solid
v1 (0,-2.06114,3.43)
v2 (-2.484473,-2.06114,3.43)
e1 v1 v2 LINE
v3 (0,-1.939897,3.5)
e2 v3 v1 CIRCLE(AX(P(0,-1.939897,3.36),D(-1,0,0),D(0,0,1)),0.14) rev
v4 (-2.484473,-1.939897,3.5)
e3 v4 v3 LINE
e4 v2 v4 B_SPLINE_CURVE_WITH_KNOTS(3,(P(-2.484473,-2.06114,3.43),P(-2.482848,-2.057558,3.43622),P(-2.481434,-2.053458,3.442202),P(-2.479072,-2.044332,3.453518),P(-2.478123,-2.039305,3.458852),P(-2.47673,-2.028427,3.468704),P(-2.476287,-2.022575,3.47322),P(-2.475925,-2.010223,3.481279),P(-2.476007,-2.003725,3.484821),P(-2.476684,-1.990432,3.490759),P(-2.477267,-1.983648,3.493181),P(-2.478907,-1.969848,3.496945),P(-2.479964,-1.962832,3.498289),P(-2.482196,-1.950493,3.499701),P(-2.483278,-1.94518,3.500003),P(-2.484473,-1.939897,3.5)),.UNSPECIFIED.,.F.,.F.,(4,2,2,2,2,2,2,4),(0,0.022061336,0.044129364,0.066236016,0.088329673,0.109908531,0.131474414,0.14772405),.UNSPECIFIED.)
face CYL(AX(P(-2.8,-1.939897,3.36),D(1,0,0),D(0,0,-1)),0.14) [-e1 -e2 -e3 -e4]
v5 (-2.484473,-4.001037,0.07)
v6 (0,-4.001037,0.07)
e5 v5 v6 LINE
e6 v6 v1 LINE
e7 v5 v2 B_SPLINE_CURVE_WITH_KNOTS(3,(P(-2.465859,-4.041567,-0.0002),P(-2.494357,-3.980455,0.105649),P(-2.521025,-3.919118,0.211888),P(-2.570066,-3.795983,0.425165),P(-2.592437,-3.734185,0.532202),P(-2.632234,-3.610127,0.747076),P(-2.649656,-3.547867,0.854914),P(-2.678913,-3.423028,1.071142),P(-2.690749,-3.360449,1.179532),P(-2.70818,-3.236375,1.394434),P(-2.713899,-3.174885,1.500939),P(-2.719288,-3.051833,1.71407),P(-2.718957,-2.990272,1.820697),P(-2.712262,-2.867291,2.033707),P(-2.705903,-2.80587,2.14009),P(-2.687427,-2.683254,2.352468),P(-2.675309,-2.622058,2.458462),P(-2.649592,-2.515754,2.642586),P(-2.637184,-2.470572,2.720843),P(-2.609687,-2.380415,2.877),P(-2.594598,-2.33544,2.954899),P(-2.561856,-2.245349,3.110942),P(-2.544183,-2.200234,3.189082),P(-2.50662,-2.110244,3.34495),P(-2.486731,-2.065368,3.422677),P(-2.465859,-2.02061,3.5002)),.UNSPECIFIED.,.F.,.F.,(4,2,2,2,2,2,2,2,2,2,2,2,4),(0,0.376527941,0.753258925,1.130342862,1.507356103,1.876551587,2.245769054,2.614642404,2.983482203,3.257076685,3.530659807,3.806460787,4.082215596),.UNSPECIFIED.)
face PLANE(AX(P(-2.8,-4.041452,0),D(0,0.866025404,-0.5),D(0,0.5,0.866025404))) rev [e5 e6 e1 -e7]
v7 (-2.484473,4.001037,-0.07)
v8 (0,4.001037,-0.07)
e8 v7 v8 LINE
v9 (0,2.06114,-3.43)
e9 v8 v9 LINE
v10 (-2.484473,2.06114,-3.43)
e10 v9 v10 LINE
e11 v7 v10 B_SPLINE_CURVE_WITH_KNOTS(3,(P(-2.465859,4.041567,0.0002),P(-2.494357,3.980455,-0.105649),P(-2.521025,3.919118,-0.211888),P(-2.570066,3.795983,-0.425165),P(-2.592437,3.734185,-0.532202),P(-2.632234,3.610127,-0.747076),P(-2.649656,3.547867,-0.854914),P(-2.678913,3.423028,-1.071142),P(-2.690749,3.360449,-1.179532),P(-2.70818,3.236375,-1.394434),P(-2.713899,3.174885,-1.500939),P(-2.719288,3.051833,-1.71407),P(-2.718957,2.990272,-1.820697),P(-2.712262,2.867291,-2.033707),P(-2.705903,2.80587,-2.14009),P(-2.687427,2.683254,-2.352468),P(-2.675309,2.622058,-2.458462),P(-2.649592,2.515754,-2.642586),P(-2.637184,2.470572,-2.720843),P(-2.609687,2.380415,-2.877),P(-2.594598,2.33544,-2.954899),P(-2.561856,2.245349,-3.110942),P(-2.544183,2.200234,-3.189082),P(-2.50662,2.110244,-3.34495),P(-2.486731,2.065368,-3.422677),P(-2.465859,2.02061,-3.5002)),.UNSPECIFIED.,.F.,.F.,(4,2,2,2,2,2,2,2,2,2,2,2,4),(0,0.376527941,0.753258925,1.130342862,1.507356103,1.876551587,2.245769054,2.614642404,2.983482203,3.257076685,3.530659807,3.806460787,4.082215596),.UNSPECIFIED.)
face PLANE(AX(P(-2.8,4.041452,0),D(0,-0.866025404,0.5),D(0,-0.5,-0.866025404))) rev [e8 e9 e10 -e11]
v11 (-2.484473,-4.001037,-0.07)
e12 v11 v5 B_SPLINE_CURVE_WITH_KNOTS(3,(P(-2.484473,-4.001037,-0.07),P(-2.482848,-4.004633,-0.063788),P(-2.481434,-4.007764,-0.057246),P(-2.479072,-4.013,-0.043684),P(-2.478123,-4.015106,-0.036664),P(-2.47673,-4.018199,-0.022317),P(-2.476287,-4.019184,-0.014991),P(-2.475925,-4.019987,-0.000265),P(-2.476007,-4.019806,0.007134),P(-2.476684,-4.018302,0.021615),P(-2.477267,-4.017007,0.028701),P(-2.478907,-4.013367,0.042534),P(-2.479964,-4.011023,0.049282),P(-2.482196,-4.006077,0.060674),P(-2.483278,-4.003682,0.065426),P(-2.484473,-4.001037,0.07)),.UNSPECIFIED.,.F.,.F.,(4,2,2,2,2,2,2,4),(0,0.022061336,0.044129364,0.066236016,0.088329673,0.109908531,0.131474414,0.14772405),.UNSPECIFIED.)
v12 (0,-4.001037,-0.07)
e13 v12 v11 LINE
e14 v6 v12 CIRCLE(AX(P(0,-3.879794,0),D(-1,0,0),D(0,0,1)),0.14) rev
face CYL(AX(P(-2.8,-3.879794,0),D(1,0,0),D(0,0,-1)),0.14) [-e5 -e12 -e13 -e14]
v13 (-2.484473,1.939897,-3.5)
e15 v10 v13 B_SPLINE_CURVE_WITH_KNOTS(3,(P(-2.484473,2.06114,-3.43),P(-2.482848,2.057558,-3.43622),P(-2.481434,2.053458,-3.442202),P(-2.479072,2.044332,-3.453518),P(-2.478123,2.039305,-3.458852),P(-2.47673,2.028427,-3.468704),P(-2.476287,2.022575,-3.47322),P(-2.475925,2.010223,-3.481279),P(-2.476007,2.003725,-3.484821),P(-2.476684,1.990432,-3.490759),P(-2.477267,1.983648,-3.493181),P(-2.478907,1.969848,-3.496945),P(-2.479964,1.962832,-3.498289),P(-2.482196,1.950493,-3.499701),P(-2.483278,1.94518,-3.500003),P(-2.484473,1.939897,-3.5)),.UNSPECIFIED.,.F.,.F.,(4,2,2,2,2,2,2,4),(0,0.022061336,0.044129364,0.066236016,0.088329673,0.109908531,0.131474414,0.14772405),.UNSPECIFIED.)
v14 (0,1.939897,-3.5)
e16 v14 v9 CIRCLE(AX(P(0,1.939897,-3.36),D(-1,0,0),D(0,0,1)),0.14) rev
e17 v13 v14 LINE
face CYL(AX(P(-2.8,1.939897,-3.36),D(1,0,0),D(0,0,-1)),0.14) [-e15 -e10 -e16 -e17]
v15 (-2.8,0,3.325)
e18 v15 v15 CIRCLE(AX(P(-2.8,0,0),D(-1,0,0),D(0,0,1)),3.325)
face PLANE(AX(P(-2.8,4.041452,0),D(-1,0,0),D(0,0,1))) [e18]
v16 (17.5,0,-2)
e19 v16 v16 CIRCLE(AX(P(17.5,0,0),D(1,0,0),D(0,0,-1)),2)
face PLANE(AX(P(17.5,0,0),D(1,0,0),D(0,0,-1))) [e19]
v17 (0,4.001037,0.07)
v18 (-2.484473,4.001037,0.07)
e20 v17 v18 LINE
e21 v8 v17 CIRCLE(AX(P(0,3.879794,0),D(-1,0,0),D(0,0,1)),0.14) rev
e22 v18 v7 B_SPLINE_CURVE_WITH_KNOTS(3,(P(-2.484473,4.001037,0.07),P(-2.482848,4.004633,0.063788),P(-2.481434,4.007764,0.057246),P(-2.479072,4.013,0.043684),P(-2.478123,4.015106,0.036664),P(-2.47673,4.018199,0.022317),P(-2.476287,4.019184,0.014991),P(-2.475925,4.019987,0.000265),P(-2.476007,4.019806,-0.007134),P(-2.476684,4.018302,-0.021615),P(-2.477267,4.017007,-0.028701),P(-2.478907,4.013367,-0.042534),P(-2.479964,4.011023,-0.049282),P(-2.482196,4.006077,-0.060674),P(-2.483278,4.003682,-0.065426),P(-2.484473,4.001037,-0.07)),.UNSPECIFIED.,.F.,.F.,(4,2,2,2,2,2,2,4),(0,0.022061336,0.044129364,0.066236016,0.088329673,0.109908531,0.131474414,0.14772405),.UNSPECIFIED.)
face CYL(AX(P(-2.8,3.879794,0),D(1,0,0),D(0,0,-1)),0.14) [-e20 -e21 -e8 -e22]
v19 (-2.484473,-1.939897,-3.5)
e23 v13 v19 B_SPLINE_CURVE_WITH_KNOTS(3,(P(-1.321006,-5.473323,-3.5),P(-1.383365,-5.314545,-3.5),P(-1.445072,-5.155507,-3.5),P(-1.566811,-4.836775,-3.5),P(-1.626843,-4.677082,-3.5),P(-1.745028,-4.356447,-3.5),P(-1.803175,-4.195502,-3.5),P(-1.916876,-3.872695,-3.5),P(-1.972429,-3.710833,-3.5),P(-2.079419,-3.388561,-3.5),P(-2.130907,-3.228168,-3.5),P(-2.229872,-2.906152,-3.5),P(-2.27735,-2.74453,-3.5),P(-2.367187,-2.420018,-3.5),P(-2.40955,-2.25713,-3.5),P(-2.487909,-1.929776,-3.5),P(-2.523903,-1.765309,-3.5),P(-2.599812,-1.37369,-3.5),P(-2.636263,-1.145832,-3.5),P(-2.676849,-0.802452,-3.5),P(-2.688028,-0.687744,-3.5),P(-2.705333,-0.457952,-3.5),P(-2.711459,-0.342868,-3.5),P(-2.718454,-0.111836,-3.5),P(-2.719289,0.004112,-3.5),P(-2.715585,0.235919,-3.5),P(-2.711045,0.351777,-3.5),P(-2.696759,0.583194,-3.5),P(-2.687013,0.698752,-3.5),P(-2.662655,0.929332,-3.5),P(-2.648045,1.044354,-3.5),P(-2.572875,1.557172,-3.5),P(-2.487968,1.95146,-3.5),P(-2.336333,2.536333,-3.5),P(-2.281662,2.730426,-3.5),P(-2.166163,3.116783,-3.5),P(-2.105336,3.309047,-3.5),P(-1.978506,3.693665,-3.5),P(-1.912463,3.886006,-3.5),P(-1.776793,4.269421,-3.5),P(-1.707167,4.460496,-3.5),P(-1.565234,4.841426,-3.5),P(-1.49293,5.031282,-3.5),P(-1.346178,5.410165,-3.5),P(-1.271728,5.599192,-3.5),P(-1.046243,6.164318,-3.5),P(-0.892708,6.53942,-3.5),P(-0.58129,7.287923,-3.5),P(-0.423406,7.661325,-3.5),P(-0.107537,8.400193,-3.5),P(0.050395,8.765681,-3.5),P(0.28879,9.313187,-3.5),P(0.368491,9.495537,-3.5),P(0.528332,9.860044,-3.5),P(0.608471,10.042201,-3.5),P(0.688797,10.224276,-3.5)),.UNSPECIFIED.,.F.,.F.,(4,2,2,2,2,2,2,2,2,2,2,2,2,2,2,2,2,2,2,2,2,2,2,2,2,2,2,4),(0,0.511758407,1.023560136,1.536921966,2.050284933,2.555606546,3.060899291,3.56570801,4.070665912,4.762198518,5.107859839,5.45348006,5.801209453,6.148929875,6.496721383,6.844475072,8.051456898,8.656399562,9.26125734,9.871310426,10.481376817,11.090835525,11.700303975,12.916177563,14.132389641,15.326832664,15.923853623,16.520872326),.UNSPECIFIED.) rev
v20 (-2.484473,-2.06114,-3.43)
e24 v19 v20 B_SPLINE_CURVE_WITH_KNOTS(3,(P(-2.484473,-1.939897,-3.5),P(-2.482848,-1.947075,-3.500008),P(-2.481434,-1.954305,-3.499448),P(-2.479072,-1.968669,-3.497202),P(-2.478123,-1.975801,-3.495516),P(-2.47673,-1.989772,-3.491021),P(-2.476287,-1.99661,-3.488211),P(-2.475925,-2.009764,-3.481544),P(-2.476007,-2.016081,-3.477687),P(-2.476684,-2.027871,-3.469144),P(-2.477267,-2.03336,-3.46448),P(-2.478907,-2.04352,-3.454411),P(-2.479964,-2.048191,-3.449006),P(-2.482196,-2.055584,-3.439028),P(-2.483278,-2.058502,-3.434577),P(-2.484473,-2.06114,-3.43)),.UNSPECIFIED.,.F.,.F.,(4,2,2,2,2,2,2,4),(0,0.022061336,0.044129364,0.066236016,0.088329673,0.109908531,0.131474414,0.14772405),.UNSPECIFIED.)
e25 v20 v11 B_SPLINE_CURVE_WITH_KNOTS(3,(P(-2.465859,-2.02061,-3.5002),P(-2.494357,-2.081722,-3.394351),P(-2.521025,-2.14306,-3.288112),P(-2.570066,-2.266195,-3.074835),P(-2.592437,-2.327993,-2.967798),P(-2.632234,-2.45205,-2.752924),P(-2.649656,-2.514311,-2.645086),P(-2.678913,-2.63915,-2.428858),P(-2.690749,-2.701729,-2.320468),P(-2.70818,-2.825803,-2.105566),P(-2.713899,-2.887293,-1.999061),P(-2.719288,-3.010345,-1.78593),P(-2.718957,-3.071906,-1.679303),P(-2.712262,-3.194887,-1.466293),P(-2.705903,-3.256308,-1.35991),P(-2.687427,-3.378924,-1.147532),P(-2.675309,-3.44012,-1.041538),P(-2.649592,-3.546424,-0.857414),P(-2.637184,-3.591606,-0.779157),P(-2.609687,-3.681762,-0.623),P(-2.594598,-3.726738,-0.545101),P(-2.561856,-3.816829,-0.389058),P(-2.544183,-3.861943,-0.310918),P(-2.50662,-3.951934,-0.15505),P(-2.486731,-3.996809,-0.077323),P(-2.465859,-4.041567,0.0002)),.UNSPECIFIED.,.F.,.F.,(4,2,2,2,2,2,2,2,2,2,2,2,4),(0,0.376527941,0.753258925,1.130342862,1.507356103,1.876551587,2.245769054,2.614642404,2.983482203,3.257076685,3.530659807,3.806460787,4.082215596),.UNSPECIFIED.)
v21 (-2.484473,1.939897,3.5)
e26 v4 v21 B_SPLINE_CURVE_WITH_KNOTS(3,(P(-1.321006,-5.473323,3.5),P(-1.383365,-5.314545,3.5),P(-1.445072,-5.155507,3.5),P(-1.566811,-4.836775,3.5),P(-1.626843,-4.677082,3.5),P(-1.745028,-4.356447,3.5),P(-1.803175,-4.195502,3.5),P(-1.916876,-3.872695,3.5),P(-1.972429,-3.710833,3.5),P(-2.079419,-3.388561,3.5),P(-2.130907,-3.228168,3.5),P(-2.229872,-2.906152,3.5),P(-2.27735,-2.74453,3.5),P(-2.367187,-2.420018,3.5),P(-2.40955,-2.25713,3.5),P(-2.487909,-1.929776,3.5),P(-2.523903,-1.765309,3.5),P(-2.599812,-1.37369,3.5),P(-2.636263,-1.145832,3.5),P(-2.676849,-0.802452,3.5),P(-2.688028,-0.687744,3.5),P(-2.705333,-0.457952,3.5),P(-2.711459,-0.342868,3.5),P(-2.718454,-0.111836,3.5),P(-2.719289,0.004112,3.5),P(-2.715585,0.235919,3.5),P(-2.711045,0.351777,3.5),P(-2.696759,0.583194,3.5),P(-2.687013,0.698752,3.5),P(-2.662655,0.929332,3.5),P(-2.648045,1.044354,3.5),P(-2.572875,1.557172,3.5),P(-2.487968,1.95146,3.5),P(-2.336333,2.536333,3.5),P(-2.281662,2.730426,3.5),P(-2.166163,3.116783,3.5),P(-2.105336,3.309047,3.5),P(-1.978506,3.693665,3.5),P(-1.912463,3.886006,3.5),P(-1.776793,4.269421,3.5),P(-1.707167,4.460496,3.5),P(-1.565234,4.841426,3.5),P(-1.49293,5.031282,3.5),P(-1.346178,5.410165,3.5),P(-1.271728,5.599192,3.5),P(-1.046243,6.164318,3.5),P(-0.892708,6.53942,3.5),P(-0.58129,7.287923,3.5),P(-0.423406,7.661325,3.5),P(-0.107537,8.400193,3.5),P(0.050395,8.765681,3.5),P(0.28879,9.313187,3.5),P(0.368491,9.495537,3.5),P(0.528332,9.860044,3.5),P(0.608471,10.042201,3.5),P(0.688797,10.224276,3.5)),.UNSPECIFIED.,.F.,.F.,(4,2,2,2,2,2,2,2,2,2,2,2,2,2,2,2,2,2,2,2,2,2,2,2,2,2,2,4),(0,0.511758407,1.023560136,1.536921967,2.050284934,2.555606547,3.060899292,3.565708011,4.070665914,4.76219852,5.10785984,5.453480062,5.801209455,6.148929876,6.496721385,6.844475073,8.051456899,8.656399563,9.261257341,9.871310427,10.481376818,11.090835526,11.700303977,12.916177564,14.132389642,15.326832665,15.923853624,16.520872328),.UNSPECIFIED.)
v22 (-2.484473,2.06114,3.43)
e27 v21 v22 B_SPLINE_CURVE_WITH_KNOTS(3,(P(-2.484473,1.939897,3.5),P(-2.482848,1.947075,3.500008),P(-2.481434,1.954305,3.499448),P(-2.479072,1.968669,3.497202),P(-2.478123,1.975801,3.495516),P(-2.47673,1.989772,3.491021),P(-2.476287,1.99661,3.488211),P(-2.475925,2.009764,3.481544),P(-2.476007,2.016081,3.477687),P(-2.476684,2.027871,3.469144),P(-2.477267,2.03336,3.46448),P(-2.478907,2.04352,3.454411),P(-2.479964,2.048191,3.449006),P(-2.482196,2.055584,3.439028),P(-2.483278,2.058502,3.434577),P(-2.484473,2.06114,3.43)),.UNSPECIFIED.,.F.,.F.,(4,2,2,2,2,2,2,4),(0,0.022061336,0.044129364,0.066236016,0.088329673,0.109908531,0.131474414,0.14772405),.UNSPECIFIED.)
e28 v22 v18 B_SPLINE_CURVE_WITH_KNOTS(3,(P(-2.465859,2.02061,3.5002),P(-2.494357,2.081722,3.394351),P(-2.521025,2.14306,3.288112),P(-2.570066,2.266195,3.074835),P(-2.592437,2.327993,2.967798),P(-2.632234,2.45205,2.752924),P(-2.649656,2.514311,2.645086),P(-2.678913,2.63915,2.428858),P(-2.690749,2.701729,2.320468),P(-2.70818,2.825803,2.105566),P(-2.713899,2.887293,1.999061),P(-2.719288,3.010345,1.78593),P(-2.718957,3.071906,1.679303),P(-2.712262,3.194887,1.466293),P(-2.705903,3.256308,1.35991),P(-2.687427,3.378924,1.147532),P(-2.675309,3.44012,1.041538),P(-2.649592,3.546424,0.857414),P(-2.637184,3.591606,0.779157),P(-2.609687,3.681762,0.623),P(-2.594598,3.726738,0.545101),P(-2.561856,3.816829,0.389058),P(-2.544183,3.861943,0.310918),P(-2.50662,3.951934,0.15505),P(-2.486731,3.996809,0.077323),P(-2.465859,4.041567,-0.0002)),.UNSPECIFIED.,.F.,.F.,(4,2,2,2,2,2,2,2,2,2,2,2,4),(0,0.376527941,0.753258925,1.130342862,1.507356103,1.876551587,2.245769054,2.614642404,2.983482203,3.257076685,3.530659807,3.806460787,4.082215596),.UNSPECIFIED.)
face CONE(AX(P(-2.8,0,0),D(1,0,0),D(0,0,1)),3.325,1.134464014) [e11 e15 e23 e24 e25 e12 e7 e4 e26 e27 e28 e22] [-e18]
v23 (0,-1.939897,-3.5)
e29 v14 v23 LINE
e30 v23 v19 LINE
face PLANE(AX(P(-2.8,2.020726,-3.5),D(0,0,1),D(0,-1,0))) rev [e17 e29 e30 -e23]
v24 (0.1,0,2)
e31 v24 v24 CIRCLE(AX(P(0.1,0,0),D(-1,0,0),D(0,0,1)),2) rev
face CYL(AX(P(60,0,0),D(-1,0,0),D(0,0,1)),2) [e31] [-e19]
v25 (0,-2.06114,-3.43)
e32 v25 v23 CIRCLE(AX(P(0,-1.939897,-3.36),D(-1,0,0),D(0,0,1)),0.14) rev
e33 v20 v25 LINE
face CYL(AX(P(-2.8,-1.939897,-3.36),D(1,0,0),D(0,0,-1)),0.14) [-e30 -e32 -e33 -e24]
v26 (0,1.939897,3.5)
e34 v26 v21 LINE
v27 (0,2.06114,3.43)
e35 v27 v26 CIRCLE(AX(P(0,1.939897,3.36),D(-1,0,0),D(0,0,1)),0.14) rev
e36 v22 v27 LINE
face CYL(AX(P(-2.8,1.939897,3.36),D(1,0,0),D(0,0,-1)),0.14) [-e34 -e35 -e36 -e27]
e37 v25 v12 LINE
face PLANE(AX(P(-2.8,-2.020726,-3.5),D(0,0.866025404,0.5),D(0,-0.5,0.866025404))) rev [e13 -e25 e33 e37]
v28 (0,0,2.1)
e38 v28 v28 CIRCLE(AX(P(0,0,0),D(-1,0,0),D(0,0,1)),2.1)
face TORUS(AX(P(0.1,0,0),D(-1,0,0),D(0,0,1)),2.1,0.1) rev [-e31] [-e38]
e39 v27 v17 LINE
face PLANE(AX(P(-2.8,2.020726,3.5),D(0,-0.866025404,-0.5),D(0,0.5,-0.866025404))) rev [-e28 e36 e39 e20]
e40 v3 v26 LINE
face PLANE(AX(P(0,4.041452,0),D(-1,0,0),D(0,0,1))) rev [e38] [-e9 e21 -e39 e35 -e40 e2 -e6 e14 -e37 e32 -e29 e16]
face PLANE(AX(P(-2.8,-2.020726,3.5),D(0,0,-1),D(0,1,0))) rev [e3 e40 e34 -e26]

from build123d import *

# Parameters (mm, degrees)
SKETCH2_R           = 2
BOSS_EXTRUDE1_DEPTH = 60
BOSS_EXTRUDE2_DEPTH = 2.8
SKETCH5_OUTSIDE_W   = 33.75
SKETCH5_OUTSIDE_H   = 34.832
SKETCH5_OUTSIDE_R   = 3.325
CUT_EXTRUDE1_DEPTH  = 2.8
CUT_EXTRUDE1_DRAFT  = -65
FILLET7_R           = 0.14
CHAMFER1_SIZE       = 0.525
FILLET4_R           = 0.1
CUT_EXTRUDE2_START  = -42.5
SKETCH6_R           = 2
CUT_EXTRUDE2_DEPTH  = 42.5


with BuildPart() as part:
    # Sketch2 → Boss-Extrude1 (new body)
    with BuildSketch(Plane(origin=(0, 0, 0), x_dir=(0, 0, -1), z_dir=(1, 0, 0))):
        Circle(SKETCH2_R)
    extrude(amount=BOSS_EXTRUDE1_DEPTH)

    # Sketch3 → Boss-Extrude2 (add)
    with BuildSketch(Plane.ZY):
        Polygon((0, 4.041451884), (-3.5, 2.020725942), (-3.5, -2.020725942), (0, -4.041451884), (3.5, -2.020725942), (3.5, 2.020725942), align=None)
    extrude(amount=BOSS_EXTRUDE2_DEPTH)


with BuildPart() as cut_extrude1_tool:
    # Sketch5 outside → Cut-Extrude1 (with draft: the straight prism first)
    with BuildSketch(Plane.ZY.offset(2.8)):
        Rectangle(SKETCH5_OUTSIDE_W, SKETCH5_OUTSIDE_H)
        Circle(SKETCH5_OUTSIDE_R, mode=Mode.SUBTRACT)
    extrude(amount=-CUT_EXTRUDE1_DEPTH)
    # Cut-Extrude1: the draft: its side faces are tilted about the plane it starts from
    cut_extrude1_sides = [cut_extrude1_tool.faces().sort_by_distance(p)[0] for p in [
        (-1.4, -17.416, 0),
        (-1.4, 0, 16.875),
        (-1.4, 17.416, 0),
        (-1.4, 0, -16.875),
        (-1.4, 0, -3.325),
    ]]
    draft(cut_extrude1_sides, Plane.ZY.offset(2.8), CUT_EXTRUDE1_DRAFT)


with BuildPart() as part_1:
    add(part.part)

    # Cut-Extrude1: cut by cut_extrude1_tool
    add(cut_extrude1_tool.part, mode=Mode.SUBTRACT)

    # Fillet7
    fillet7_edges = [part_1.edges().sort_by_distance(p)[0] for p in [
        (-1.2329565, -4.041451884, 0),
        (-1.2329565, -2.020725942, -3.5),
        (-1.2329565, 2.020725942, -3.5),
        (-1.2329565, 4.041451884, 0),
        (-1.2329565, -2.020725942, 3.5),
        (-1.2329565, 2.020725942, 3.5),
    ]]
    fillet(fillet7_edges, radius=FILLET7_R)

    # Chamfer1
    chamfer1_edges = [part_1.edges().sort_by_distance(p)[0] for p in [
        (60, 0, 2),
    ]]
    chamfer(chamfer1_edges, length=CHAMFER1_SIZE)

    # Fillet4
    fillet4_edges = [part_1.edges().sort_by_distance(p)[0] for p in [
        (0, 0, 2),
    ]]
    fillet(fillet4_edges, radius=FILLET4_R)

    # Sketch6 → Cut-Extrude2 (cut)
    with BuildSketch(Plane(origin=(60, 0, 0), x_dir=(0, 0, -1), z_dir=(1, 0, 0)).offset(CUT_EXTRUDE2_START)):
        with Locations(Location((0, 0, 0), (0, 0, 180))):
            Circle(SKETCH6_R)
    extrude(amount=CUT_EXTRUDE2_DEPTH, mode=Mode.SUBTRACT)


solid = part_1.part
